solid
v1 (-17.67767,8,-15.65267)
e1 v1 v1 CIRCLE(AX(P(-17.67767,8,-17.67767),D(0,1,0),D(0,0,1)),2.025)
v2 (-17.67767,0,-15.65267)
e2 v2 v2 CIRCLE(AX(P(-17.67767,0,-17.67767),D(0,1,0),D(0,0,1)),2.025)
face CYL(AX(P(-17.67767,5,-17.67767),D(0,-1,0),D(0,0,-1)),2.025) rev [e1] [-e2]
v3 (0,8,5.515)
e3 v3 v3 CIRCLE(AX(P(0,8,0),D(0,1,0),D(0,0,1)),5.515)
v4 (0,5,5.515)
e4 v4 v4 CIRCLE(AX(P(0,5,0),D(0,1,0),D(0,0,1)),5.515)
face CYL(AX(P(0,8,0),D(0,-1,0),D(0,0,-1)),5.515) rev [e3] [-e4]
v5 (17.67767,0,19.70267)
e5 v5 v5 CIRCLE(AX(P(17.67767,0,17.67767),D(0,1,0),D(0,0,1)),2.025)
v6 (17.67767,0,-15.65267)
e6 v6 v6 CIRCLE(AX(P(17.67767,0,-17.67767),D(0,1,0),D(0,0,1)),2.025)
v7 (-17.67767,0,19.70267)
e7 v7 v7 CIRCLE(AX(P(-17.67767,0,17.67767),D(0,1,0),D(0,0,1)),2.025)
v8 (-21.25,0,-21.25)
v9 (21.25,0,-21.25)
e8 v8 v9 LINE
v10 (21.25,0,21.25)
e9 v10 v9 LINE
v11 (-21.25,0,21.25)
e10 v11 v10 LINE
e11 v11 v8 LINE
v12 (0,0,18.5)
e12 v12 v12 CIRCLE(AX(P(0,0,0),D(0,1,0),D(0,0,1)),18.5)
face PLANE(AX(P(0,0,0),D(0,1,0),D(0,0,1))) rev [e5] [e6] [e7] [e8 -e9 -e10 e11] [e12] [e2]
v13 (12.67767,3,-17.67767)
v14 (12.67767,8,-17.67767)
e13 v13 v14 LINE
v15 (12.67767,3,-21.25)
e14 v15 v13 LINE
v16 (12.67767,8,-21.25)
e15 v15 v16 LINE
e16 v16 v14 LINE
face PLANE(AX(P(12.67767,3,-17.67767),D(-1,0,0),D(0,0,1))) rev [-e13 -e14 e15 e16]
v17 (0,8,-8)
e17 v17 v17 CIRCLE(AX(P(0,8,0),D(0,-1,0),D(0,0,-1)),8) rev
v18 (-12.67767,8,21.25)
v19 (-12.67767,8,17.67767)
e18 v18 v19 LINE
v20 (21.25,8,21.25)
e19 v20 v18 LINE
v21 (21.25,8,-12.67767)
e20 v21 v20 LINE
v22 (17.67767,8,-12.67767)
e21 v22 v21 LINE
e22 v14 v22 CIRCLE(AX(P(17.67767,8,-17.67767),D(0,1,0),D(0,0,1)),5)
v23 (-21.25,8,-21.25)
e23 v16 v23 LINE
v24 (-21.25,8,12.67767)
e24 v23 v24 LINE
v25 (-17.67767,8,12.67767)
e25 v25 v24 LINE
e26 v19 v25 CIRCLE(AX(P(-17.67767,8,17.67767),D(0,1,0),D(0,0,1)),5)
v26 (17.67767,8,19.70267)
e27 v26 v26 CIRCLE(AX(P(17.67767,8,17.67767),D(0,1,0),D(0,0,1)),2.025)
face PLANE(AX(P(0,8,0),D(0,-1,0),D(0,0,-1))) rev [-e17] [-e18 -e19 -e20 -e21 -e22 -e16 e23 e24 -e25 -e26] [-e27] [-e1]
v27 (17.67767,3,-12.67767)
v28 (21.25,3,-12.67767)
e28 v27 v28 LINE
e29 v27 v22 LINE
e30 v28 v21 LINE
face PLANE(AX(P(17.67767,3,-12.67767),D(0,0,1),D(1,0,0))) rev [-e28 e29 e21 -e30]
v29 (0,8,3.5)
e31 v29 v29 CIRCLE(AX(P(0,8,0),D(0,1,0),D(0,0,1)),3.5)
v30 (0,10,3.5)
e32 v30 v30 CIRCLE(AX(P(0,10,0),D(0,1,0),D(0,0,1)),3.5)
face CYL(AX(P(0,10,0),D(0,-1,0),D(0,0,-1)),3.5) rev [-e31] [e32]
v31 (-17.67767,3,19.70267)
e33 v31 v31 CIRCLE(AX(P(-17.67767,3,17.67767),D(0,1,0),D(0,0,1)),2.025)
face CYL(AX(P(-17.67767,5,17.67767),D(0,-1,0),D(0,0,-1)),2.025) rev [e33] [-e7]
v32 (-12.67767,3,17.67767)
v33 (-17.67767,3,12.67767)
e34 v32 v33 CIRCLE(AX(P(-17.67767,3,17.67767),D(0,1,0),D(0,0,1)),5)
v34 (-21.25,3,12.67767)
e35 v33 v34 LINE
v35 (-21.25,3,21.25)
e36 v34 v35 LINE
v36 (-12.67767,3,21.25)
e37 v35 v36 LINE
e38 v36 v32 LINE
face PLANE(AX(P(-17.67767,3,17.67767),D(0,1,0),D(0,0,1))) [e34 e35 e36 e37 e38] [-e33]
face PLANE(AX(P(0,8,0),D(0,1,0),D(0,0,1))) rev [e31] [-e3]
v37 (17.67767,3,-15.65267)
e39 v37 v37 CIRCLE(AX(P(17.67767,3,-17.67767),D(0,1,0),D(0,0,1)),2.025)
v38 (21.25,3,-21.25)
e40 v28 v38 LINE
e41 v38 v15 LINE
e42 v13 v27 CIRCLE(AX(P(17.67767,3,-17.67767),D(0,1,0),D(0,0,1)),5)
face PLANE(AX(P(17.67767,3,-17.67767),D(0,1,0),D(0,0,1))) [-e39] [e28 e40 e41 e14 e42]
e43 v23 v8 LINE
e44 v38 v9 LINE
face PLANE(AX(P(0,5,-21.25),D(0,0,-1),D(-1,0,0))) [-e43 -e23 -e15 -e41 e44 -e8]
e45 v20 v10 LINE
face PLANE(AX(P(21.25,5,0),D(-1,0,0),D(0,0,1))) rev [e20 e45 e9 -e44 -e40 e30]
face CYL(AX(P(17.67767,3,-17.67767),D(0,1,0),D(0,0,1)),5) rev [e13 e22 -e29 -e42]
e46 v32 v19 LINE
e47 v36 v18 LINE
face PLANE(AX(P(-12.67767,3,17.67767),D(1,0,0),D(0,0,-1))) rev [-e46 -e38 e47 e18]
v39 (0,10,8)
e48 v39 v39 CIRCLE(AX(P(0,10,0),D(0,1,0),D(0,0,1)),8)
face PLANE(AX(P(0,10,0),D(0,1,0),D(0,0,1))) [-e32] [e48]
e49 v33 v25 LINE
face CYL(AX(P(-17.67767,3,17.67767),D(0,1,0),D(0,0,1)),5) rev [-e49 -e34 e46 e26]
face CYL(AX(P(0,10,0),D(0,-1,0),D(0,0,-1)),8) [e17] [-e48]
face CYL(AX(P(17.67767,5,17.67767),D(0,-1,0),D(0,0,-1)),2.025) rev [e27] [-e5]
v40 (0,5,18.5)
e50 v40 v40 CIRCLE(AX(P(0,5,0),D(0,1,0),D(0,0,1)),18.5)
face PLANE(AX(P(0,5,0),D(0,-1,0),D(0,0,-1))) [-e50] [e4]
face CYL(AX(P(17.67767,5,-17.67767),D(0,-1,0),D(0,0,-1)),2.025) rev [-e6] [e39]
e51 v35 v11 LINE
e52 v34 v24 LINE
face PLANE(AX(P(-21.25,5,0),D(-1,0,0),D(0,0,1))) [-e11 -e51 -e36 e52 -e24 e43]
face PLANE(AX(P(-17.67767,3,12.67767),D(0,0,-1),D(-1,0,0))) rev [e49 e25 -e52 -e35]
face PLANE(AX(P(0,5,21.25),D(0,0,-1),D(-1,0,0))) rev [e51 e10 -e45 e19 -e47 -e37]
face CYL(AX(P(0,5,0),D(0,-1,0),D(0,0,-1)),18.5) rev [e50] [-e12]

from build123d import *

# Parameters (mm, degrees)
SKETCH_1_W          = 42.5
SKETCH_1_H          = 42.5
SKETCH_1_R          = 2.025
SKETCH_1_R_2        = 18.5
EXTRUDE_1_DEPTH     = 5
EXTRUDE_START       = 5
SKETCH_1_3_W        = 42.5
SKETCH_1_3_H        = 42.5
SKETCH_1_3_R        = 2.025
SKETCH_1_3_R_2      = 18.5
SKETCH_1_3_R_3      = 5.515
EXTRUDE_2_DEPTH     = 3
CUT_EXTRUDE_1_DEPTH = 5
SKETCH_3_R          = 8
SKETCH_3_R_2        = 3.5
EXTRUDE_3_DEPTH     = 2


with BuildPart() as part:
    # 草图1 → 凸台-拉伸1 (new body)
    with BuildSketch(Plane(origin=(0, 0, 0), x_dir=(1, 0, 0), z_dir=(0, 1, 0))):
        Rectangle(SKETCH_1_W, SKETCH_1_H)
        with Locations(Location((-17.67766953, -17.67766953, 0), (0, 0, 270))):
            Circle(SKETCH_1_R, mode=Mode.SUBTRACT)
        with Locations(Location((17.67766953, -17.67766953, 0), (0, 0, 270))):
            Circle(SKETCH_1_R, mode=Mode.SUBTRACT)
        with Locations(Location((17.67766953, 17.67766953, 0), (0, 0, 270))):
            Circle(SKETCH_1_R, mode=Mode.SUBTRACT)
        with Locations(Location((-17.67766953, 17.67766953, 0), (0, 0, 270))):
            Circle(SKETCH_1_R, mode=Mode.SUBTRACT)
        with Locations(Location((0, 0, 0), (0, 0, 270))):
            Circle(SKETCH_1_R_2, mode=Mode.SUBTRACT)
    extrude(amount=EXTRUDE_1_DEPTH)

    # 草图1<3> → 凸台-拉伸2 (add)
    # profile 1 of 2: a face of its own
    with BuildSketch(Plane(origin=(0, 0, 0), x_dir=(1, 0, 0), z_dir=(0, 1, 0)).offset(EXTRUDE_START)):
        Rectangle(SKETCH_1_3_W, SKETCH_1_3_H)
        with Locations(Location((-17.67766953, -17.67766953, 0), (0, 0, 270))):
            Circle(SKETCH_1_3_R, mode=Mode.SUBTRACT)
        with Locations(Location((17.67766953, -17.67766953, 0), (0, 0, 270))):
            Circle(SKETCH_1_3_R, mode=Mode.SUBTRACT)
        with Locations(Location((17.67766953, 17.67766953, 0), (0, 0, 270))):
            Circle(SKETCH_1_3_R, mode=Mode.SUBTRACT)
        with Locations(Location((-17.67766953, 17.67766953, 0), (0, 0, 270))):
            Circle(SKETCH_1_3_R, mode=Mode.SUBTRACT)
        with Locations(Location((0, 0, 0), (0, 0, 270))):
            Circle(SKETCH_1_3_R_2, mode=Mode.SUBTRACT)
    # profile 2 of 2: a face of its own
    with BuildSketch(Plane(origin=(0, 0, 0), x_dir=(1, 0, 0), z_dir=(0, 1, 0)).offset(EXTRUDE_START)):
        with Locations(Location((0, 0, 0), (0, 0, 270))):
            Circle(SKETCH_1_3_R_2)
        with Locations(Location((0, 0, 0), (0, 0, 270))):
            Circle(SKETCH_1_3_R_3, mode=Mode.SUBTRACT)
    extrude(amount=EXTRUDE_2_DEPTH)

    # 草图2 → 切除-拉伸1 (cut)
    with BuildSketch(Plane(origin=(0, 8, 0), x_dir=(1, 0, 0), z_dir=(0, 1, 0))):
        with BuildLine():
            Line((-17.67766953, -12.67766953), (-21.25, -12.67766953))
            Line((-21.25, -12.67766953), (-21.25, -21.25))
            Line((-21.25, -21.25), (-12.67766953, -21.25))
            Line((-12.67766953, -21.25), (-12.67766953, -17.67766953))
            ThreePointArc((-12.67766953, -17.67766953), (-14.142135624, -14.142135624), (-17.67766953, -12.67766953))
        make_face()
        with BuildLine():
            Line((21.25, 21.25), (12.67766953, 21.25))
            Line((12.67766953, 21.25), (12.67766953, 17.67766953))
            ThreePointArc((12.67766953, 17.67766953), (14.142135624, 14.142135624), (17.67766953, 12.67766953))
            Line((17.67766953, 12.67766953), (21.25, 12.67766953))
            Line((21.25, 12.67766953), (21.25, 21.25))
        make_face()
    extrude(amount=-CUT_EXTRUDE_1_DEPTH, mode=Mode.SUBTRACT)

    # 草图3 → 凸台-拉伸3 (add)
    with BuildSketch(Plane(origin=(0, 8, 0), x_dir=(1, 0, 0), z_dir=(0, 1, 0))):
        with Locations(Location((0, 0, 0), (0, 0, 90))):
            Circle(SKETCH_3_R)
        with Locations(Location((0, 0, 0), (0, 0, 270))):
            Circle(SKETCH_3_R_2, mode=Mode.SUBTRACT)
    extrude(amount=EXTRUDE_3_DEPTH)


solid = part.part
